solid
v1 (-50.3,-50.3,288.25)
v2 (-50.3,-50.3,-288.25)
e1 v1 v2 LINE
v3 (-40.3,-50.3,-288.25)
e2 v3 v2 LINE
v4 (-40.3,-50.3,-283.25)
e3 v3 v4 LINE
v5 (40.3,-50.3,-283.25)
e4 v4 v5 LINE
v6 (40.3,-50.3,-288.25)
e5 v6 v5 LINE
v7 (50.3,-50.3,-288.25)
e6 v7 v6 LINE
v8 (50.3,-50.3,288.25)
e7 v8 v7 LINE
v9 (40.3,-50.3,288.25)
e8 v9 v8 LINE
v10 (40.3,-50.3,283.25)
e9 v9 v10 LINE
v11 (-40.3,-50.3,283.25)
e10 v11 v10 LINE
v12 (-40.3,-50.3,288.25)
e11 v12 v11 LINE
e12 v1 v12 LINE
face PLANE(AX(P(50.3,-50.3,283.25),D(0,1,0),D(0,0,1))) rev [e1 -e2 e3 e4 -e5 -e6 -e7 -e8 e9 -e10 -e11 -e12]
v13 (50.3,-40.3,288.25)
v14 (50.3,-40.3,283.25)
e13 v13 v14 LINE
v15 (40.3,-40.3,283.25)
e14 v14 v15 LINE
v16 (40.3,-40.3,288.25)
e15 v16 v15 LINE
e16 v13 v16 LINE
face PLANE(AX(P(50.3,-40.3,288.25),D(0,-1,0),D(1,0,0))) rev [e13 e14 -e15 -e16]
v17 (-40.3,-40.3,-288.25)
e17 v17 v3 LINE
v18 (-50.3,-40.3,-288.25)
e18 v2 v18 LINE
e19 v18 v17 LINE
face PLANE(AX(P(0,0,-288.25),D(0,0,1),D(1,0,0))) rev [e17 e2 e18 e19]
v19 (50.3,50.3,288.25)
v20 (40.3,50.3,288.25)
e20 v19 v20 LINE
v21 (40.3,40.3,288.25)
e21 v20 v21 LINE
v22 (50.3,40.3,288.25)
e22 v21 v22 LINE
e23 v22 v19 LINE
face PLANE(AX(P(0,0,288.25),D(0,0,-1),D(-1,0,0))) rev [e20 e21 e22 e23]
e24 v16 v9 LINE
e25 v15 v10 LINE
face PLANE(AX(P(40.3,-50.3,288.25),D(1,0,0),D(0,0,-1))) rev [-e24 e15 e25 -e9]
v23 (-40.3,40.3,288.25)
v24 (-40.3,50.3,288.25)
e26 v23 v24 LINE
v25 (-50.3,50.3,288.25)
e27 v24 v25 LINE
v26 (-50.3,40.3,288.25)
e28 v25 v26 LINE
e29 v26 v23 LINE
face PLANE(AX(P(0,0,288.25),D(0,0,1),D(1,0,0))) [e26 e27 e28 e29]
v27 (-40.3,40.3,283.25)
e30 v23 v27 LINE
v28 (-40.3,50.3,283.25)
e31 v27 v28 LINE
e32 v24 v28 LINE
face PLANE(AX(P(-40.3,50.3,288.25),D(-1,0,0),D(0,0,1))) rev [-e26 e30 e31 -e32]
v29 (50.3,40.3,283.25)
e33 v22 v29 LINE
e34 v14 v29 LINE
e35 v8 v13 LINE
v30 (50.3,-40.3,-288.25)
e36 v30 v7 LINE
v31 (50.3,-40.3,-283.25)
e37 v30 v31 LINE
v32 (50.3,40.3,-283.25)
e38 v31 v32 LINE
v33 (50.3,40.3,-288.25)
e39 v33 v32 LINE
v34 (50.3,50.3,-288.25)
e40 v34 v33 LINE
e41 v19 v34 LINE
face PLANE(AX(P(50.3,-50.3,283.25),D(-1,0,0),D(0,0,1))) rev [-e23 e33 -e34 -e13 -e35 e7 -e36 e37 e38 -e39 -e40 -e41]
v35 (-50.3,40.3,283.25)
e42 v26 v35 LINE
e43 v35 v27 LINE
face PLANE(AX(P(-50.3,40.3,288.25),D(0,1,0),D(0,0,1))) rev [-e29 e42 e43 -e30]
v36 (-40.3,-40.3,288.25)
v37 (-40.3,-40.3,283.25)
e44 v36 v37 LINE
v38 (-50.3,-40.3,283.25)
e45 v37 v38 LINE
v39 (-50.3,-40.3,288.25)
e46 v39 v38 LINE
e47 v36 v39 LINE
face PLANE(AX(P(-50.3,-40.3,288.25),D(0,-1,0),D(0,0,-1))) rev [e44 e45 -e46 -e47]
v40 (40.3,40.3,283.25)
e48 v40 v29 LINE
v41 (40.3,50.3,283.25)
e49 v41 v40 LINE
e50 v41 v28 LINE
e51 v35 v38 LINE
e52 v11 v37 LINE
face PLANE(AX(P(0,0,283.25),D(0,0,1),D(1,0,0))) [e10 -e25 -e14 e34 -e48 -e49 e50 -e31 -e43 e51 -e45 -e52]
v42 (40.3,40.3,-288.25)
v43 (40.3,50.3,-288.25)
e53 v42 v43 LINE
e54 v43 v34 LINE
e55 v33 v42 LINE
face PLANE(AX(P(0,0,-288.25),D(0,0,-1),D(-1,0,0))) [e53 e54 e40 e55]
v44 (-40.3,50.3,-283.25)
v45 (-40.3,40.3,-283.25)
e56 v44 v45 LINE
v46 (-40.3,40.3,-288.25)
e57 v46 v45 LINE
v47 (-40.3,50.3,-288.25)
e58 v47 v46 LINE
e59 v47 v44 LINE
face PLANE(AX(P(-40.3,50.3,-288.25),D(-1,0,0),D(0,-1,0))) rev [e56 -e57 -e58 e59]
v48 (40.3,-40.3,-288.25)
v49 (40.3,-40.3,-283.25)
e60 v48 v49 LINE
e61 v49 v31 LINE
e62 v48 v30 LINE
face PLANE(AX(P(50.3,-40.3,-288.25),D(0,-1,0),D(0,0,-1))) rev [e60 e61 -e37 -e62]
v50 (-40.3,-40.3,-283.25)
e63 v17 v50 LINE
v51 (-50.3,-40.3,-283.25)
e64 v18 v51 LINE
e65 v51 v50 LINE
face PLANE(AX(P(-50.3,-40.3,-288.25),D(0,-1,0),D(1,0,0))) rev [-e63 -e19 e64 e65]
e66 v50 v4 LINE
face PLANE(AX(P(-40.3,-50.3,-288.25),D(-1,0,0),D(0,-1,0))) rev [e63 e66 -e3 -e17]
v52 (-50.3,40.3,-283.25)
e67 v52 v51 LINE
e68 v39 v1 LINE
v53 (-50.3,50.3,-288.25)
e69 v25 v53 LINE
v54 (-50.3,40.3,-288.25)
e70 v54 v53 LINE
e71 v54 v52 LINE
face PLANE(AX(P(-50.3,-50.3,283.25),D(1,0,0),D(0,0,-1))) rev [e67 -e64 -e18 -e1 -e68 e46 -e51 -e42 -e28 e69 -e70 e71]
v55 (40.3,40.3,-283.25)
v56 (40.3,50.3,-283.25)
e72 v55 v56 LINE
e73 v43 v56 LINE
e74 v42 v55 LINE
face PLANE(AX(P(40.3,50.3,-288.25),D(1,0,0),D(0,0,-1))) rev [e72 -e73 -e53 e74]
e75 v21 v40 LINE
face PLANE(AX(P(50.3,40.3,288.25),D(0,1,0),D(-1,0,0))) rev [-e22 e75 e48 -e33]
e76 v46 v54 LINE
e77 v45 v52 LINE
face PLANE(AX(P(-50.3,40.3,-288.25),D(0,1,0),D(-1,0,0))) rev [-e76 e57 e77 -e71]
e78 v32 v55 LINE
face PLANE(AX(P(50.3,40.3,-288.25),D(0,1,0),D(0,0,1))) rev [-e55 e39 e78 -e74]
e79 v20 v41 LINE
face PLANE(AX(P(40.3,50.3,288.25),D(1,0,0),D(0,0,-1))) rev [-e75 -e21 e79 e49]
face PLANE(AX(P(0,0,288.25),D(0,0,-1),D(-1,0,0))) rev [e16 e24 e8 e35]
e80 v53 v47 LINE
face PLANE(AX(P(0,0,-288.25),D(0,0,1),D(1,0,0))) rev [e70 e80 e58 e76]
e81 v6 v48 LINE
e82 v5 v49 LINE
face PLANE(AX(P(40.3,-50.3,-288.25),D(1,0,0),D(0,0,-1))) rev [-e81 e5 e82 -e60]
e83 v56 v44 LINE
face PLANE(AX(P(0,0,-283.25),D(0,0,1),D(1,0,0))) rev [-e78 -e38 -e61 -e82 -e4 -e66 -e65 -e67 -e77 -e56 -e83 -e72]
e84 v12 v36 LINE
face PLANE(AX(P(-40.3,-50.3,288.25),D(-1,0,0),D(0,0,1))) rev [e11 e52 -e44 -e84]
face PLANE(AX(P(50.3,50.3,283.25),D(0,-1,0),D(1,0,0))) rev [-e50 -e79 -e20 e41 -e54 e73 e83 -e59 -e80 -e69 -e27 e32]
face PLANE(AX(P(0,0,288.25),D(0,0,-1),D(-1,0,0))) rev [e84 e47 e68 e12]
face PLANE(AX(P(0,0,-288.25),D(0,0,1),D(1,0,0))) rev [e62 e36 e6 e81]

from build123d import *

# Parameters (mm, degrees)
SKETCH1_W           = 100.6
SKETCH1_H           = 100.6
BOSS_EXTRUDE1_DEPTH = 283.25
SKETCH2_W           = 10
SKETCH2_H           = 10
BOSS_EXTRUDE2_DEPTH = 5
SKETCH3_W           = 10
SKETCH3_H           = 10
BOSS_EXTRUDE3_DEPTH = 5


with BuildPart() as part:
    # Sketch1 → Boss-Extrude1 (new, symmetric)
    with BuildSketch(Plane.XY):
        Rectangle(SKETCH1_W, SKETCH1_H)
    extrude(amount=BOSS_EXTRUDE1_DEPTH, both=True)

    # Sketch2 → Boss-Extrude2 (add)
    with BuildSketch(Plane.XY.offset(283.25)):
        with Locations((-45.3, 45.3)):
            Rectangle(SKETCH2_W, SKETCH2_H)
        with Locations((45.3, 45.3)):
            Rectangle(SKETCH2_W, SKETCH2_H)
        with Locations((45.3, -45.3)):
            Rectangle(SKETCH2_W, SKETCH2_H)
        with Locations((-45.3, -45.3)):
            Rectangle(SKETCH2_W, SKETCH2_H)
    extrude(amount=BOSS_EXTRUDE2_DEPTH)

    # Sketch3 → Boss-Extrude3 (add)
    with BuildSketch(Plane(origin=(0, 0, -283.25), x_dir=(-1, 0, 0), z_dir=(0, 0, -1))):
        with Locations((-45.3, 45.3)):
            Rectangle(SKETCH3_W, SKETCH3_H)
        with Locations((45.3, 45.3)):
            Rectangle(SKETCH3_W, SKETCH3_H)
        with Locations((45.3, -45.3)):
            Rectangle(SKETCH3_W, SKETCH3_H)
        with Locations((-45.3, -45.3)):
            Rectangle(SKETCH3_W, SKETCH3_H)
    extrude(amount=BOSS_EXTRUDE3_DEPTH)


solid = part.part
